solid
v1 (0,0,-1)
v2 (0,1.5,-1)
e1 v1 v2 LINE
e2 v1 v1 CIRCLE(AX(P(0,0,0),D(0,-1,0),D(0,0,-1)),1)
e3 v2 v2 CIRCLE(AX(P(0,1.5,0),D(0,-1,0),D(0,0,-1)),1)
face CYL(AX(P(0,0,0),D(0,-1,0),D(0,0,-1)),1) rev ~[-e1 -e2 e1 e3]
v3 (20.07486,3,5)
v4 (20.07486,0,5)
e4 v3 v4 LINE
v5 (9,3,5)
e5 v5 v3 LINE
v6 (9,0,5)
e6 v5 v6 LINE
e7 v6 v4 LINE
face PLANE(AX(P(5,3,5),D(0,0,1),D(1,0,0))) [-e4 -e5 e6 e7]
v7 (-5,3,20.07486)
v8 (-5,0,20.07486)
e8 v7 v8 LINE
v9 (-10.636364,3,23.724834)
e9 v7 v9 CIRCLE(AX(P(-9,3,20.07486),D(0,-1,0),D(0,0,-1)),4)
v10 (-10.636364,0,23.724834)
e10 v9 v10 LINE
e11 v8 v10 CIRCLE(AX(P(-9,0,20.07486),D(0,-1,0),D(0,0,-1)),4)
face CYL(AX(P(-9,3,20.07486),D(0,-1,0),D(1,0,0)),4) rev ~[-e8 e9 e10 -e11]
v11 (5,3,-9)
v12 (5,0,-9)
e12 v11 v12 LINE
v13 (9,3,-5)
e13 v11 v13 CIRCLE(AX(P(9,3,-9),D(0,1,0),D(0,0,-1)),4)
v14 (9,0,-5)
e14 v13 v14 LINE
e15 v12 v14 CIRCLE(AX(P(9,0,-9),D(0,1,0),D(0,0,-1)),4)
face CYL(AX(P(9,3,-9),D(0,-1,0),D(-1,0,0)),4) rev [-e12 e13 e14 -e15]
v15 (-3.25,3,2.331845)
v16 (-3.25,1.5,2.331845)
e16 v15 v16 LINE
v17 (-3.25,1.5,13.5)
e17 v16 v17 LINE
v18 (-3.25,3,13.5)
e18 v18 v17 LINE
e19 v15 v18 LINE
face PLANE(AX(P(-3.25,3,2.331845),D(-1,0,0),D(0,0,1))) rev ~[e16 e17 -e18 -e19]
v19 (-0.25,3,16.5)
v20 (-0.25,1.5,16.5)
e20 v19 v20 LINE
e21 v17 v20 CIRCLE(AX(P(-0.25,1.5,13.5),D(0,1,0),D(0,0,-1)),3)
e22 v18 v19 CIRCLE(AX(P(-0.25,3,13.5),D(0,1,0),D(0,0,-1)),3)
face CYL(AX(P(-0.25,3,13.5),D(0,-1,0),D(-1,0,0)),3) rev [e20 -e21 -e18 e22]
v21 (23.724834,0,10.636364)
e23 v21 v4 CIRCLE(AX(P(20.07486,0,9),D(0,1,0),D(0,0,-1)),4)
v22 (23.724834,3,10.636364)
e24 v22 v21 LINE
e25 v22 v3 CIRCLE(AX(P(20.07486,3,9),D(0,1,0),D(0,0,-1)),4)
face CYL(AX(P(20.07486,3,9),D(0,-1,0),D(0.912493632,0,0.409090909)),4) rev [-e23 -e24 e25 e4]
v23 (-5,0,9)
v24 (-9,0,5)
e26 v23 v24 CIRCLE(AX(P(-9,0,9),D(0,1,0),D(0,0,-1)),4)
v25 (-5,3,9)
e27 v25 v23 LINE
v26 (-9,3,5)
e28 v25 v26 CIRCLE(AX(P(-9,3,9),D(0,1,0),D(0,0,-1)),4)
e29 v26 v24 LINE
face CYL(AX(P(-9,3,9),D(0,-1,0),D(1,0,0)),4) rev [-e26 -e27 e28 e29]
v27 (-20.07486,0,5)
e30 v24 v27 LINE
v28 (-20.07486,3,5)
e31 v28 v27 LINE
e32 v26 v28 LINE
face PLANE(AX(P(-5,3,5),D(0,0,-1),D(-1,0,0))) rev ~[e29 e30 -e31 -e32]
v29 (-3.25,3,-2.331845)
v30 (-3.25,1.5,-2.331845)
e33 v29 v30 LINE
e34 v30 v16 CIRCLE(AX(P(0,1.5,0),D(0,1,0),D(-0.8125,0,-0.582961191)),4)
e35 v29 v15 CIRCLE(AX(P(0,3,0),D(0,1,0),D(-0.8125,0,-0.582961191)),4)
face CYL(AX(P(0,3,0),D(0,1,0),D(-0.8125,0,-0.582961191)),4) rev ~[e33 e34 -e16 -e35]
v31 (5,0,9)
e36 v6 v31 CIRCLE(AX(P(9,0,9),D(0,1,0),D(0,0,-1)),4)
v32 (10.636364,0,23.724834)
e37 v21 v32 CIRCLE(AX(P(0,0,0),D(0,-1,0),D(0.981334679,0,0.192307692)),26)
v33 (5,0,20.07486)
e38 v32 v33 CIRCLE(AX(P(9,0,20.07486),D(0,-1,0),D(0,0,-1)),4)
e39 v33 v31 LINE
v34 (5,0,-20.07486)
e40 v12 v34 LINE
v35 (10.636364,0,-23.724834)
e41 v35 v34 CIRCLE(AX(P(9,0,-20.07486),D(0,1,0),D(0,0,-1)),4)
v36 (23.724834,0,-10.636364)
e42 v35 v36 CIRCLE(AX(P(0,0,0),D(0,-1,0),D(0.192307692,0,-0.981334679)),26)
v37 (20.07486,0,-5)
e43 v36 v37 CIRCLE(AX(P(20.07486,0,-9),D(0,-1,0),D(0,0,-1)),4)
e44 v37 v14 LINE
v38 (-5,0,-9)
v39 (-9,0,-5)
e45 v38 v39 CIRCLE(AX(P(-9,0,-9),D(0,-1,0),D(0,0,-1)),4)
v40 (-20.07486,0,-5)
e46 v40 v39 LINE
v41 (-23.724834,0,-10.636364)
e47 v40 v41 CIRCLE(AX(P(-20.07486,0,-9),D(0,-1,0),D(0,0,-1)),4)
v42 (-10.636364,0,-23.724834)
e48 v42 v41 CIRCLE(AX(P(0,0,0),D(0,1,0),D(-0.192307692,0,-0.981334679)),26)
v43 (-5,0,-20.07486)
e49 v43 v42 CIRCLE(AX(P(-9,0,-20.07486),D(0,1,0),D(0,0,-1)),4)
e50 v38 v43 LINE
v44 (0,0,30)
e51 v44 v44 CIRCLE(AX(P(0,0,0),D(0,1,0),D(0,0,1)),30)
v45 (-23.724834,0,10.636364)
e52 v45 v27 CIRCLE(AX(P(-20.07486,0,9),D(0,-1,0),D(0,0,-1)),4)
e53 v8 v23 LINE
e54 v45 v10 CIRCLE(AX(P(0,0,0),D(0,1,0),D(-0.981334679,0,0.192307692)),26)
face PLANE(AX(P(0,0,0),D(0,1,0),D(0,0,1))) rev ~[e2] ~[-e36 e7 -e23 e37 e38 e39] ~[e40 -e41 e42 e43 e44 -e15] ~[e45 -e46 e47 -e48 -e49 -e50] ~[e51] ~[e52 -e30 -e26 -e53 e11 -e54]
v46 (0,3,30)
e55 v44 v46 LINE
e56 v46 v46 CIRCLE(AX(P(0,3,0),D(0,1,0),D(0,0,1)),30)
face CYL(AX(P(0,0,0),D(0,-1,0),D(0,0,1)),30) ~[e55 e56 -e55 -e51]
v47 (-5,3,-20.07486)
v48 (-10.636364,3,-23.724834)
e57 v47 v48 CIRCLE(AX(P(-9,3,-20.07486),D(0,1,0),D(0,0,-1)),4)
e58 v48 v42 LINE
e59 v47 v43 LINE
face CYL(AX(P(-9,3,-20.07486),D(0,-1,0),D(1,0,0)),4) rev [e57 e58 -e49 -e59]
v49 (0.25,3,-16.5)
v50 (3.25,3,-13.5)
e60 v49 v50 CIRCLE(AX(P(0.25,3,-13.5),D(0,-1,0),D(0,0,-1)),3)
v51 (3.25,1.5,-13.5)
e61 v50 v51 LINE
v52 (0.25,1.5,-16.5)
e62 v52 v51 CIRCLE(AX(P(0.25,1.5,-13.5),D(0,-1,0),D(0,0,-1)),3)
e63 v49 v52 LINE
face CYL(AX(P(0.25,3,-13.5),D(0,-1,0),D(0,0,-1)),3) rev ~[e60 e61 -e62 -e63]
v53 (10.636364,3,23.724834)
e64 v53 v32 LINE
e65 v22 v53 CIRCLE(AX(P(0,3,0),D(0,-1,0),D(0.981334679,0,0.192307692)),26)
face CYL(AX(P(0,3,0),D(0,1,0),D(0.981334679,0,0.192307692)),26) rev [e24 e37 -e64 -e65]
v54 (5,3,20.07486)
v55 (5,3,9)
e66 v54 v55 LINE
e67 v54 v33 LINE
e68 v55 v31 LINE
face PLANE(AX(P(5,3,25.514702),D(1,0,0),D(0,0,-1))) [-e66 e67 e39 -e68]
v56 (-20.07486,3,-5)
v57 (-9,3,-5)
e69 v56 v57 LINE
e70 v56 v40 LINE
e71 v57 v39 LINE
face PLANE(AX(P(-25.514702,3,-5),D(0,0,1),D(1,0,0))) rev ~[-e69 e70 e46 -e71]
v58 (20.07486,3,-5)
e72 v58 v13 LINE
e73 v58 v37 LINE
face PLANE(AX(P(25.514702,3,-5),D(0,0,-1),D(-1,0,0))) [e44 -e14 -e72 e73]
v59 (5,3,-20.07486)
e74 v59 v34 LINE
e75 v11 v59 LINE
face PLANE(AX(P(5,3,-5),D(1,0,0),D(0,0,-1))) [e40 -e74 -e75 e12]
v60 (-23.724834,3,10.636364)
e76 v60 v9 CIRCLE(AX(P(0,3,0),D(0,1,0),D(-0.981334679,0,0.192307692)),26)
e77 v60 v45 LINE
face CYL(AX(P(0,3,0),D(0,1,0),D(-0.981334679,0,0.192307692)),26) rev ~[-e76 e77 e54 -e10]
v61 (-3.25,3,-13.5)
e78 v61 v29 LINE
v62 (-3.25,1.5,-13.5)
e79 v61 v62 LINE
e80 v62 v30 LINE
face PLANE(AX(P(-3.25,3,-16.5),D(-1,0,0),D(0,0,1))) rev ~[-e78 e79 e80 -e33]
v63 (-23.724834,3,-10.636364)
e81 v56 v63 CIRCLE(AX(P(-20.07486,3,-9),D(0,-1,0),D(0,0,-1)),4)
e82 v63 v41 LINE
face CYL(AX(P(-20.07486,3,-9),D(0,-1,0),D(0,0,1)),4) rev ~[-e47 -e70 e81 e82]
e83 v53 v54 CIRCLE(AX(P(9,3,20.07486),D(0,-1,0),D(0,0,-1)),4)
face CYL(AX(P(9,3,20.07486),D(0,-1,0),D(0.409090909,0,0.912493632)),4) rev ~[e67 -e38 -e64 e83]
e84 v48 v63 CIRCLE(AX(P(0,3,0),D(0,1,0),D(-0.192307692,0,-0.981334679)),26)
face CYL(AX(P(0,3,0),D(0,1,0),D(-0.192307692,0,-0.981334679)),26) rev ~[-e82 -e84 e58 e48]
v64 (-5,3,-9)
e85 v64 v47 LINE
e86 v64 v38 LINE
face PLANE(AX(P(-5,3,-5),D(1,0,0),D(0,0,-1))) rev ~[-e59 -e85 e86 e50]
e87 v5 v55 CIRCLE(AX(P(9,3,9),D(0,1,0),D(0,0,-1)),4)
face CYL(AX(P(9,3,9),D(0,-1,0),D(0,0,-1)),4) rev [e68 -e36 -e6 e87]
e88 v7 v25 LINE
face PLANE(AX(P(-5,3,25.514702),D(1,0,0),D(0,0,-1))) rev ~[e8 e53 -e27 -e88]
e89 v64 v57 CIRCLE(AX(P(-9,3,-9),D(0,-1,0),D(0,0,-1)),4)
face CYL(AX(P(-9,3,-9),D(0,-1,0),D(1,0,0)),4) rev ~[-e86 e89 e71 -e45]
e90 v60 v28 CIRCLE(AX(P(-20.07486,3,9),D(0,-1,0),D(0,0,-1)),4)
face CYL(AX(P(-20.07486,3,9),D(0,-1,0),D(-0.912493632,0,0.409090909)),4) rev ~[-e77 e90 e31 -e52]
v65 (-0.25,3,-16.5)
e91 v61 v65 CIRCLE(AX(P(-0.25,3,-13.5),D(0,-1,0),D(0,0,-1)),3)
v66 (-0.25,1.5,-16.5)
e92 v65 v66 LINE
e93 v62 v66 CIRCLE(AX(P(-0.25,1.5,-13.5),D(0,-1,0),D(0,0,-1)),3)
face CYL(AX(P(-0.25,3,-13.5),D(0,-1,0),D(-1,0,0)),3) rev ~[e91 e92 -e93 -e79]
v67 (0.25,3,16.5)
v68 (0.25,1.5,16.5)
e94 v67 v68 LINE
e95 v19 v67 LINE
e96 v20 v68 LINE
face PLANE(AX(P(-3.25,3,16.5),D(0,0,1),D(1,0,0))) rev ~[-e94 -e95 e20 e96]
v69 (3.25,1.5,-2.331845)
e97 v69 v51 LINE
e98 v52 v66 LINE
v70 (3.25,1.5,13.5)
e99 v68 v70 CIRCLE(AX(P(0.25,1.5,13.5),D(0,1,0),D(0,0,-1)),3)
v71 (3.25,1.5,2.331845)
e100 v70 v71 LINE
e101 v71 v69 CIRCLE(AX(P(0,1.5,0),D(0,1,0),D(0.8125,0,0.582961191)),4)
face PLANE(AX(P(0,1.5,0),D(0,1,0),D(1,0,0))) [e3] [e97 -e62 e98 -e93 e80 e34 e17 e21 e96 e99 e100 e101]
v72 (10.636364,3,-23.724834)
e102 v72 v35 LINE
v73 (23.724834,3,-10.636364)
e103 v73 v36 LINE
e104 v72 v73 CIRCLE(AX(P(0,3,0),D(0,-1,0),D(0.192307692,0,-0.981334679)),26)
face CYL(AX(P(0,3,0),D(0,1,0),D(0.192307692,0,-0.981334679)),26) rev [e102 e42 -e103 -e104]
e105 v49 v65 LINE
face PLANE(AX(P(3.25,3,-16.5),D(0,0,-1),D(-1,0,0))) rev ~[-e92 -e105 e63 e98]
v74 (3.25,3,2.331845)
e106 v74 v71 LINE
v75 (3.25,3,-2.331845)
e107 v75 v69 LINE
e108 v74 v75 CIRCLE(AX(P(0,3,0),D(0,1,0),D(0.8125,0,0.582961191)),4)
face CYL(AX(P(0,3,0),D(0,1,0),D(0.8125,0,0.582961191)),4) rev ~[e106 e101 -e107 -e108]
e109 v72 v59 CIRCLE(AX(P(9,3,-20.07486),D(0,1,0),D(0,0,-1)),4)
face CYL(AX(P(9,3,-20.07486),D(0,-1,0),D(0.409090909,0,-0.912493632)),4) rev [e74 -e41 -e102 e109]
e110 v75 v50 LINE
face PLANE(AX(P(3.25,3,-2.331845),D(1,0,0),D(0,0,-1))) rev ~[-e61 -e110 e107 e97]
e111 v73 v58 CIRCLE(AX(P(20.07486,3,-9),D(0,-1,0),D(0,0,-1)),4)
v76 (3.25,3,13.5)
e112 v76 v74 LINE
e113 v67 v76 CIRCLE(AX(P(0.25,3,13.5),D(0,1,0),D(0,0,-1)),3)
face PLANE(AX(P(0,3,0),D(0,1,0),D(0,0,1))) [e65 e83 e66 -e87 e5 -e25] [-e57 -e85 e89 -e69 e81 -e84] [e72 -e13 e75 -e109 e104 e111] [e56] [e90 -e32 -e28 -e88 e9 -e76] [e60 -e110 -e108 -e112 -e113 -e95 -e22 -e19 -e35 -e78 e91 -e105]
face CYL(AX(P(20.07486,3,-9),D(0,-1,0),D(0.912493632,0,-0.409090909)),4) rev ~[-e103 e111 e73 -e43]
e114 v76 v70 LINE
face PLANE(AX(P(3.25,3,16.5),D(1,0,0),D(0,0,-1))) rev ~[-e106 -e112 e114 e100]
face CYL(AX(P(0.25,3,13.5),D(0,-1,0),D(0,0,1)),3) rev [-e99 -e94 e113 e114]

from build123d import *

# Parameters (mm, degrees)
SKETCH1_R           = 30
BOSS_EXTRUDE1_DEPTH = 3
CUT_EXTRUDE1_DEPTH  = 1.5
CUT_EXTRUDE2_DEPTH  = 3
SKETCH4_R           = 1
CUT_EXTRUDE3_DEPTH  = 3
FILLET1_R           = 4
FILLET2_R           = 3


with BuildPart() as part:
    # Sketch1 → Boss-Extrude1 (new body)
    with BuildSketch(Plane(origin=(0, 0, 0), x_dir=(1, 0, 0), z_dir=(0, 1, 0))):
        with Locations(Location((0, 0, 0), (0, 0, 270))):
            Circle(SKETCH1_R)
    extrude(amount=BOSS_EXTRUDE1_DEPTH)

    # Sketch2 → Cut-Extrude1 (cut)
    with BuildSketch(Plane(origin=(0, 3, 0), x_dir=(1, 0, 0), z_dir=(0, 1, 0))):
        with BuildLine():
            Line((-3.25, 16.5), (-3.25, 2.331844763))
            ThreePointArc((-3.25, 2.331844763), (-4, 0), (-3.25, -2.331844763))
            Line((-3.25, -2.331844763), (-3.25, -16.5))
            Line((-3.25, -16.5), (3.25, -16.5))
            Line((3.25, -16.5), (3.25, -2.331844763))
            ThreePointArc((3.25, -2.331844763), (4, 0), (3.25, 2.331844763))
            Line((3.25, 2.331844763), (3.25, 16.5))
            Line((3.25, 16.5), (-3.25, 16.5))
        make_face()
    extrude(amount=-CUT_EXTRUDE1_DEPTH, mode=Mode.SUBTRACT)

    # Sketch3 → Cut-Extrude2 (cut)
    with BuildSketch(Plane(origin=(0, 3, 0), x_dir=(1, 0, 0), z_dir=(0, 1, 0))):
        with BuildLine():
            Line((-5, -25.514701644), (-5, -5))
            Line((-5, -5), (-25.514701644, -5))
            ThreePointArc((-25.514701644, -5), (-18.384776311, -18.384776311), (-5, -25.514701644))
        make_face()
        with BuildLine():
            Line((5, -25.514701644), (5, -5))
            Line((5, -5), (25.514701644, -5))
            ThreePointArc((25.514701644, -5), (18.384776311, -18.384776311), (5, -25.514701644))
        make_face()
        with BuildLine():
            Line((25.514701644, 5), (5, 5))
            Line((5, 5), (5, 25.514701644))
            ThreePointArc((5, 25.514701644), (18.384776311, 18.384776311), (25.514701644, 5))
        make_face()
        with BuildLine():
            Line((-5, 5), (-5, 25.514701644))
            ThreePointArc((-5, 25.514701644), (-18.384776311, 18.384776311), (-25.514701644, 5))
            Line((-25.514701644, 5), (-5, 5))
        make_face()
    extrude(amount=-CUT_EXTRUDE2_DEPTH, mode=Mode.SUBTRACT)

    # Sketch4 → Cut-Extrude3 (cut)
    with BuildSketch(Plane.XZ):
        with Locations(Location((0, 0, 0), (0, 0, 270))):
            Circle(SKETCH4_R)
    extrude(amount=-CUT_EXTRUDE3_DEPTH, mode=Mode.SUBTRACT)

    # Fillet1
    fillet1_edges = [part.edges().sort_by_distance(p)[0] for p in [
        (-25.514701644, 1.5, -5),
        (-5, 1.5, -25.514701644),
        (-5, 1.5, -5),
        (25.514701644, 1.5, 5),
        (5, 1.5, 25.514701644),
        (5, 1.5, 5),
        (5, 1.5, -25.514701644),
        (25.514701644, 1.5, -5),
        (5, 1.5, -5),
        (-5, 1.5, 25.514701644),
        (-25.514701644, 1.5, 5),
        (-5, 1.5, 5),
    ]]
    fillet(fillet1_edges, radius=FILLET1_R)

    # Fillet2
    fillet2_edges = [part.edges().sort_by_distance(p)[0] for p in [
        (3.25, 2.25, 16.5),
        (-3.25, 2.25, 16.5),
        (-3.25, 2.25, -16.5),
        (3.25, 2.25, -16.5),
    ]]
    fillet(fillet2_edges, radius=FILLET2_R)


solid = part.part
